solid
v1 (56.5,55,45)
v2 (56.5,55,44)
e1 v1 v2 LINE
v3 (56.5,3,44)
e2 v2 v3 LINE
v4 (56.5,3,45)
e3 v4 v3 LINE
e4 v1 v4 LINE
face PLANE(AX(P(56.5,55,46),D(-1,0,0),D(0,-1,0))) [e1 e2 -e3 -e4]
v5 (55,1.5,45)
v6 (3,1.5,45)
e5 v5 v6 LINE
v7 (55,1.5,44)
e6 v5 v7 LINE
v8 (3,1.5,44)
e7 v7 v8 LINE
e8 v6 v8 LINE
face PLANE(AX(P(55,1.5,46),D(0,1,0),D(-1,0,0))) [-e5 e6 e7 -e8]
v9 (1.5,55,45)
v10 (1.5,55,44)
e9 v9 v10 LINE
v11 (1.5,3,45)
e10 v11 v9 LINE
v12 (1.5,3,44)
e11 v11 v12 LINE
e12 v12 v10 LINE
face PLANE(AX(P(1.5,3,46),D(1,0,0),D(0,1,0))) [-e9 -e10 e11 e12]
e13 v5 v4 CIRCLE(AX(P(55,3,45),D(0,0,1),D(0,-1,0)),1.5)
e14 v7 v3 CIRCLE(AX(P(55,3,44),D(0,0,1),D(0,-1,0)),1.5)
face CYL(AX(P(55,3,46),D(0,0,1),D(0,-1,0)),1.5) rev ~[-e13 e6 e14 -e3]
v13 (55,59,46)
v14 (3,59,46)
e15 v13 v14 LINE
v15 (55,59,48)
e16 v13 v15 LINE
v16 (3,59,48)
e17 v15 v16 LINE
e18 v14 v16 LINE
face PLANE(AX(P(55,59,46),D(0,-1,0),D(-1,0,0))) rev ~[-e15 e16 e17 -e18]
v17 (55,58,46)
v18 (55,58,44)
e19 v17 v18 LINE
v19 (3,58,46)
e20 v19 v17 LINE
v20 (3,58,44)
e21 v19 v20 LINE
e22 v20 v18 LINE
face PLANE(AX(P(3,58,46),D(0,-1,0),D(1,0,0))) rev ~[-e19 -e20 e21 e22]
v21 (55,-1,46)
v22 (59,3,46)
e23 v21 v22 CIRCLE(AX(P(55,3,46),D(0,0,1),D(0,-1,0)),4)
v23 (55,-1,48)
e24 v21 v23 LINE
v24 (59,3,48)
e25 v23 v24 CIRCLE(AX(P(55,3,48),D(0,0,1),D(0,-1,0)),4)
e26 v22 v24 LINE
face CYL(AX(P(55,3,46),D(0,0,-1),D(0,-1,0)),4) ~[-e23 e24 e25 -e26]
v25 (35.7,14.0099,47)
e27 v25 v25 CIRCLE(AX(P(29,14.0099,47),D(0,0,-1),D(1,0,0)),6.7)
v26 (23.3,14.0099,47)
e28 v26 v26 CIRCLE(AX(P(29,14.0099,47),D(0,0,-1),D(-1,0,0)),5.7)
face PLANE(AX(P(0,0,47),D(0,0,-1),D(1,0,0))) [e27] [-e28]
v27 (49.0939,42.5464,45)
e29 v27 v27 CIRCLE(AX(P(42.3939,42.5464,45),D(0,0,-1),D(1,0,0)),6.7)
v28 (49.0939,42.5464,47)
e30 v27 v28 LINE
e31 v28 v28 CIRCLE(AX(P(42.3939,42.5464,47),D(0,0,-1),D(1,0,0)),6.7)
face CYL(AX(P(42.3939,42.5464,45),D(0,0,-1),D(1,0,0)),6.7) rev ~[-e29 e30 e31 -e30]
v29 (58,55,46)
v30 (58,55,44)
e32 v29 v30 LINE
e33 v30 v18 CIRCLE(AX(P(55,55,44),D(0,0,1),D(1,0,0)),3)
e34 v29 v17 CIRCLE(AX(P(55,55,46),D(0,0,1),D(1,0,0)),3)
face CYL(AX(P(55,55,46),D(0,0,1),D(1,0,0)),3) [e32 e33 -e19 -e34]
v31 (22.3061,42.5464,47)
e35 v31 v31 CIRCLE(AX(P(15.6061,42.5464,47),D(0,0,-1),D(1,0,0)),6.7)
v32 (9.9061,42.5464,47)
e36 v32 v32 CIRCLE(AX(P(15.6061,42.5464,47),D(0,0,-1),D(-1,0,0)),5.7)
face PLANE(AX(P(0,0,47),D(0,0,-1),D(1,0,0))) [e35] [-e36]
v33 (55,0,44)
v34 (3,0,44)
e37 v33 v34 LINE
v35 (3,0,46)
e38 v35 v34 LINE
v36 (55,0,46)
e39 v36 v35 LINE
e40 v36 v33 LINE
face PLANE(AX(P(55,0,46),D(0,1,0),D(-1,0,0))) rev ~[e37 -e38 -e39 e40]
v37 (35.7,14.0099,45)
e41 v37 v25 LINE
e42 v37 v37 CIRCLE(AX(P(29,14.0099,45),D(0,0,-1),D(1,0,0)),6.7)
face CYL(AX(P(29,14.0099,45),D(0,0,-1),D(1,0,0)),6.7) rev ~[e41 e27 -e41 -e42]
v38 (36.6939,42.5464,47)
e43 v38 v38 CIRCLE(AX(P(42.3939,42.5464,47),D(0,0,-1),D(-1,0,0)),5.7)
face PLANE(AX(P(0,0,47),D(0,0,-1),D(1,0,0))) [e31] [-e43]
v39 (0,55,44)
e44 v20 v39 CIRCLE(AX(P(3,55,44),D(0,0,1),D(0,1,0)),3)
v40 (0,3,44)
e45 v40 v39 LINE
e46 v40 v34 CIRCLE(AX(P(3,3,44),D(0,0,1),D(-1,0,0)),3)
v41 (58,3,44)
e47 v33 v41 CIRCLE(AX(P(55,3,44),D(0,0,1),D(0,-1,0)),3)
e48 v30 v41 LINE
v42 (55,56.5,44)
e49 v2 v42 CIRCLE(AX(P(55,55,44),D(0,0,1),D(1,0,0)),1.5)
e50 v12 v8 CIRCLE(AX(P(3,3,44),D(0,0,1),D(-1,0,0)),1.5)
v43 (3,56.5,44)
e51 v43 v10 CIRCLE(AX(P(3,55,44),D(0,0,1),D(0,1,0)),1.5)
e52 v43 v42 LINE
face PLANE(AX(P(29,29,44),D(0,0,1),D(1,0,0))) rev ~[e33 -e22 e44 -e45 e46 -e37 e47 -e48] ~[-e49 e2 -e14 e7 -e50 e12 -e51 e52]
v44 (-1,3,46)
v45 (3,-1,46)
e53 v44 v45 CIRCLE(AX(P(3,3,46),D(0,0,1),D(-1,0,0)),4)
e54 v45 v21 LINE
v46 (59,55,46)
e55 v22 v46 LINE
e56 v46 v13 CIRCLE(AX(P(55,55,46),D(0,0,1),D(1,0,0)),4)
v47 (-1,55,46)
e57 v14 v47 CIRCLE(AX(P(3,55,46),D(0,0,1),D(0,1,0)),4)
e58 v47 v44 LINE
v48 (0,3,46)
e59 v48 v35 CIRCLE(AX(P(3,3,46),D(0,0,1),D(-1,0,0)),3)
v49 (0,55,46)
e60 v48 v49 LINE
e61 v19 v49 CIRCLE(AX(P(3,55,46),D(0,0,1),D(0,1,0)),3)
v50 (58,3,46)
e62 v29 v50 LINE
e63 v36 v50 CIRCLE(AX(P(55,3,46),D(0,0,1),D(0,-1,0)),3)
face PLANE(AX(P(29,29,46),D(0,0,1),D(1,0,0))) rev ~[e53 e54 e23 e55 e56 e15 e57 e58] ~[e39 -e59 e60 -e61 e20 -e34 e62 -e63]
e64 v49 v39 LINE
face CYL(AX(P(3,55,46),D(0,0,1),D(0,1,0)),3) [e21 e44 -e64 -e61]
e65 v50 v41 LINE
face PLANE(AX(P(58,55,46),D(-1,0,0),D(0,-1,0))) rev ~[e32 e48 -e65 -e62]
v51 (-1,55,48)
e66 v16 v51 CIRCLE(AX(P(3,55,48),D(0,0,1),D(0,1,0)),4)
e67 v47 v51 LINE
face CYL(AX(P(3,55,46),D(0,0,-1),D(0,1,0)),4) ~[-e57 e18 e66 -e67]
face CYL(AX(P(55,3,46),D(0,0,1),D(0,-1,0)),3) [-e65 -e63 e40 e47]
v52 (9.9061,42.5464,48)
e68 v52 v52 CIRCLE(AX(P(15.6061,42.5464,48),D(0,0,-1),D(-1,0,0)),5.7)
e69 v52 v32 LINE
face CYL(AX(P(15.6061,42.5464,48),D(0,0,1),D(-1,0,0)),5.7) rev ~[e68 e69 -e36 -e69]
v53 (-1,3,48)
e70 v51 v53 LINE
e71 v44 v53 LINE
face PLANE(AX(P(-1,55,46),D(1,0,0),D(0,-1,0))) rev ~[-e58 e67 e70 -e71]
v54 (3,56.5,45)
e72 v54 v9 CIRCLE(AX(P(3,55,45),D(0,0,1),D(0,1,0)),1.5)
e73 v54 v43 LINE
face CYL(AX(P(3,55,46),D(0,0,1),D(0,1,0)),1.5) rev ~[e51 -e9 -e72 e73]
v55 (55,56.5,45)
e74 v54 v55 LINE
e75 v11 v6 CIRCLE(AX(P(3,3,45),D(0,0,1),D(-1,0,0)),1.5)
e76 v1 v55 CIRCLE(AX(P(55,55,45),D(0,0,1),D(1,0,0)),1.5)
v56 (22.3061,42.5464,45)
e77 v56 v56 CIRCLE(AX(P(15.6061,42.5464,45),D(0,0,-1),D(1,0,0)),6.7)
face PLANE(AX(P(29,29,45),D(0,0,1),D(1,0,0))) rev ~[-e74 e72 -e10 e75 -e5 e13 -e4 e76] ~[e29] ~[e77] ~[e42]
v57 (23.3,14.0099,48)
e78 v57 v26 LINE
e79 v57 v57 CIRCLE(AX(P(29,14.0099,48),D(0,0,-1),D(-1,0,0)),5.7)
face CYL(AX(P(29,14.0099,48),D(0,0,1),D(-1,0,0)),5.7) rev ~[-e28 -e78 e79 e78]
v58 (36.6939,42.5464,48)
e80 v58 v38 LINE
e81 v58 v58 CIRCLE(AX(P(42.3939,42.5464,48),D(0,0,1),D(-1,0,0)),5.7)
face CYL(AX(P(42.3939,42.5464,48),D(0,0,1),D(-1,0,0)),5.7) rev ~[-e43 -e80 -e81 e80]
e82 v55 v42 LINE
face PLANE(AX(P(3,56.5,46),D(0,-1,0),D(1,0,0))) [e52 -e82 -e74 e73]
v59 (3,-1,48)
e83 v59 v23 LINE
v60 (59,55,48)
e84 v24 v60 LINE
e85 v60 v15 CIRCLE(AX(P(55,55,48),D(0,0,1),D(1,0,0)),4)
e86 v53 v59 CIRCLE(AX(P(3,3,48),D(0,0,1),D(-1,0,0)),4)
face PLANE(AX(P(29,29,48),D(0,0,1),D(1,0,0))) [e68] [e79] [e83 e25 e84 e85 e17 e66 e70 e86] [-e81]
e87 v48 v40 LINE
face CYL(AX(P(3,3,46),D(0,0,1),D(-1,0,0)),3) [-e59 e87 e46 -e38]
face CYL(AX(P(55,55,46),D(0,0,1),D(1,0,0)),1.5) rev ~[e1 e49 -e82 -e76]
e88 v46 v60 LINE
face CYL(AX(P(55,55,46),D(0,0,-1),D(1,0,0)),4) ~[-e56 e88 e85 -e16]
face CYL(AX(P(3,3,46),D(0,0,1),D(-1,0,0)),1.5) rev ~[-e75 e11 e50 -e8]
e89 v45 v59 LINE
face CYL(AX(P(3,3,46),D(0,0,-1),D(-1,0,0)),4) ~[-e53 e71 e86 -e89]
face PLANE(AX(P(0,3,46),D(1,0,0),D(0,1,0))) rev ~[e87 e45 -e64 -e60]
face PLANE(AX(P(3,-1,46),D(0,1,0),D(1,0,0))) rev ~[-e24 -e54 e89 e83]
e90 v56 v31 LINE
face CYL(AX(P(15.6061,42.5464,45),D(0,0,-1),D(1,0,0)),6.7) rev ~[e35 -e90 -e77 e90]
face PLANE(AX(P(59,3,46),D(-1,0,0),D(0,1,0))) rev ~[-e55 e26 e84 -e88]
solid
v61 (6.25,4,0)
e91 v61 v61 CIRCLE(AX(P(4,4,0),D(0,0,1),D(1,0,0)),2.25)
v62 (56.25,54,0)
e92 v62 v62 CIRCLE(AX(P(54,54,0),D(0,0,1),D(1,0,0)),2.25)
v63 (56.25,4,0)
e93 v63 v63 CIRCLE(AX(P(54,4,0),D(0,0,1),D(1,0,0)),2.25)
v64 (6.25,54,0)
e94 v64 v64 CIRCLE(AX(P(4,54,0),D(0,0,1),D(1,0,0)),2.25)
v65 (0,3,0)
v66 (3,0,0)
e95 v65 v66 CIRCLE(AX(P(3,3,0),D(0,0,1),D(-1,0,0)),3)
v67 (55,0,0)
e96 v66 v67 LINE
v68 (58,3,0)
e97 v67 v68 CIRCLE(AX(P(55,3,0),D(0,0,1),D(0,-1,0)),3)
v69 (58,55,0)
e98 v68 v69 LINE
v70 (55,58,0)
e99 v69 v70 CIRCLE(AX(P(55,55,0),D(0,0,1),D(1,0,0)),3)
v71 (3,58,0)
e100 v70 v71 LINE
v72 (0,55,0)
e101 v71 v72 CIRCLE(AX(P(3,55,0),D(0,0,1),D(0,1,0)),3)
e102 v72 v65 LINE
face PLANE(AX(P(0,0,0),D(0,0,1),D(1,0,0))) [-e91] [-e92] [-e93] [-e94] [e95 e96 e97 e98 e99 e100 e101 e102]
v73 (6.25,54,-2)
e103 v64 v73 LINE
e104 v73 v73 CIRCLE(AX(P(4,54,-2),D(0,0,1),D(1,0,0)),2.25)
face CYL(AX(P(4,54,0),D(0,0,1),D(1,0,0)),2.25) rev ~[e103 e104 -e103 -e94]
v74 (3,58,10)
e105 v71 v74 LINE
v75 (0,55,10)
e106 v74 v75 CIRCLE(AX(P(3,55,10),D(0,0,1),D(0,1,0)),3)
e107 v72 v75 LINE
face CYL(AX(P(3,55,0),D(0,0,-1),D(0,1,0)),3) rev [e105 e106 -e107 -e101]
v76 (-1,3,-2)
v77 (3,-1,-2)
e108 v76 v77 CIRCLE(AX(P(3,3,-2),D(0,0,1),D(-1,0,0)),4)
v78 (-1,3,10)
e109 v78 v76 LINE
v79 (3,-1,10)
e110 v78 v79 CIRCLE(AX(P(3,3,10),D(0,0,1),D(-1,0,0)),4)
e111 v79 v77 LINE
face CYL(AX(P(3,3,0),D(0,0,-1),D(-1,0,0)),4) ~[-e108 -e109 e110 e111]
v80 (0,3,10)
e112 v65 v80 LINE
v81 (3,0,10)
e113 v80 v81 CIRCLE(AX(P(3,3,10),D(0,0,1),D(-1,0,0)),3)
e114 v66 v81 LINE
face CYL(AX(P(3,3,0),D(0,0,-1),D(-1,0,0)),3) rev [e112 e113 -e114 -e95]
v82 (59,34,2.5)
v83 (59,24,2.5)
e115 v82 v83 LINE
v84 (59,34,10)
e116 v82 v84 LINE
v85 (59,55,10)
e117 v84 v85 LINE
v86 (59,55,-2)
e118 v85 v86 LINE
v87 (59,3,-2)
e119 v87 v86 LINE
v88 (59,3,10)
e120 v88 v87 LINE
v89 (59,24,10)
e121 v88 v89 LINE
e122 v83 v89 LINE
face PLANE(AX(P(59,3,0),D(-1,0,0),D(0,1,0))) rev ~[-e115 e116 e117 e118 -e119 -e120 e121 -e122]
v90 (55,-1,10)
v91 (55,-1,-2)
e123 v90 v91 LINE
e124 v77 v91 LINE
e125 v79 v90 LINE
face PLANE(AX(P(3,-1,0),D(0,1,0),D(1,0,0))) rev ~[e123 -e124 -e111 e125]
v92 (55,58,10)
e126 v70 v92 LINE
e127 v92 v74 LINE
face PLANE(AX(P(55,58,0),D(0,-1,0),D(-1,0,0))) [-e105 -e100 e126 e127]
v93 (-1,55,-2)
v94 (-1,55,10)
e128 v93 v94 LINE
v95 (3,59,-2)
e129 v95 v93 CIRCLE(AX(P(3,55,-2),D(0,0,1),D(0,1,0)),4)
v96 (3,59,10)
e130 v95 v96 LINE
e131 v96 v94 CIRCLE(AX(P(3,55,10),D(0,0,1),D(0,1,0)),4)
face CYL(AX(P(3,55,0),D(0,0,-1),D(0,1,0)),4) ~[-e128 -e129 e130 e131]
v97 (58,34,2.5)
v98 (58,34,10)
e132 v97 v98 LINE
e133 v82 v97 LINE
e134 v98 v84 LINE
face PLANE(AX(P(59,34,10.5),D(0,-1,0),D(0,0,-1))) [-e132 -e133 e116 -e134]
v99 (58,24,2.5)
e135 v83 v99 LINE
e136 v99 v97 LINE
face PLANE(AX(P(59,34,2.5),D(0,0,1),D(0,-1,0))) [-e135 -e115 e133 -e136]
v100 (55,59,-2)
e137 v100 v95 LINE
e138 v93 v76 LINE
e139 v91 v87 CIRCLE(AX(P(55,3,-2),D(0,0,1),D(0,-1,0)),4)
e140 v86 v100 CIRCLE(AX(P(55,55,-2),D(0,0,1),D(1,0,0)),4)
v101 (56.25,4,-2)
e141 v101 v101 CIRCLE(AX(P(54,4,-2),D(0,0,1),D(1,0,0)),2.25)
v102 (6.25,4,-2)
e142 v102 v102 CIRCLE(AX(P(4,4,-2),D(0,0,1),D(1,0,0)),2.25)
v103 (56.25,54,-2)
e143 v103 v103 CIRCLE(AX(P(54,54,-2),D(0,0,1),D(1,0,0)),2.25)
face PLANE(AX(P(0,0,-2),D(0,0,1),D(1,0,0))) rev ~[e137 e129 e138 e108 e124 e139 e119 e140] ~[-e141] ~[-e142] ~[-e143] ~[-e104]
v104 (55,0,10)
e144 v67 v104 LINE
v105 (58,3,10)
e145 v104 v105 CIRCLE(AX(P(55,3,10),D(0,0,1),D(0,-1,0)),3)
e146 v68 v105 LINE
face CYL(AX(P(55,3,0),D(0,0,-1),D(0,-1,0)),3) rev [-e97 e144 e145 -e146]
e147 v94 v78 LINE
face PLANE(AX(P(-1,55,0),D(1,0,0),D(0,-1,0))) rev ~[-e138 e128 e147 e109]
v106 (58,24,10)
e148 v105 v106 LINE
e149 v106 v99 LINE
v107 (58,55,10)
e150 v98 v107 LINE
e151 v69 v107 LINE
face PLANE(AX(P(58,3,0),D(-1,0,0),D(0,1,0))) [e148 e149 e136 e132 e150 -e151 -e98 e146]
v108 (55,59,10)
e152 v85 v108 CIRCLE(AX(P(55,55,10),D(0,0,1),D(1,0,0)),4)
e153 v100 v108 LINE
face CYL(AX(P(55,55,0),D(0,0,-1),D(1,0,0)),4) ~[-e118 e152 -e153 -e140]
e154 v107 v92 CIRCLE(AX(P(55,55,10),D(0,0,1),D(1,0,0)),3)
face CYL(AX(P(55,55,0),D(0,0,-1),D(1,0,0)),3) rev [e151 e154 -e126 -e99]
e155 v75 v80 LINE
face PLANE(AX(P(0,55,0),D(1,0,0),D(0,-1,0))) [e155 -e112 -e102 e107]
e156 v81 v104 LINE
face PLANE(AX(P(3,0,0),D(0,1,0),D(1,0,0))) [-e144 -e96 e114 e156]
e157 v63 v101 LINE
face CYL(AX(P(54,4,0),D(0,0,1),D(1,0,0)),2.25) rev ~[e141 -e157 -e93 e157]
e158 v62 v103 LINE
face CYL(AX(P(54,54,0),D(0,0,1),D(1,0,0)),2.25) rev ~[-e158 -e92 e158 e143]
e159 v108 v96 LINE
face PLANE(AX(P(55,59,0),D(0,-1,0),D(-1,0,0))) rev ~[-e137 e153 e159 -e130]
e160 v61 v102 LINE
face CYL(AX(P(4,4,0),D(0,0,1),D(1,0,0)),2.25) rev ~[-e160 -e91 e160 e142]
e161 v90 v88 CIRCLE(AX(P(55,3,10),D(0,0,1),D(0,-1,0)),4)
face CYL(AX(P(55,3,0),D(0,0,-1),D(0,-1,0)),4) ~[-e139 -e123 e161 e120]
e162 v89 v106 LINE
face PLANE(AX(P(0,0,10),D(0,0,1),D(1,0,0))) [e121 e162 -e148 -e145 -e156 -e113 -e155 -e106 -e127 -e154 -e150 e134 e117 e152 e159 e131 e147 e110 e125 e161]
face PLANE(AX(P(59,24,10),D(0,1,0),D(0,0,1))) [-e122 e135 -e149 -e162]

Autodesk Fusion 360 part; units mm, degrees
sketch "Sketch1" plane through (0, 0, 0) normal (0, 0, 1) x (1, 0, 0)
  line L0 (3, 0) -> (55, 0)
  line L1 (58, 3) -> (58, 55)
  line L2 (55, 58) -> (3, 58)
  line L3 (0, 55) -> (0, 3)
  circle A0 centre (4, 54) radius 2.25
  circle A1 centre (54, 54) radius 2.25
  circle A2 centre (54, 4) radius 2.25
  circle A3 centre (4, 4) radius 2.25
  arc A4 (3, 58) -> (0, 55) centre (3, 55) ccw
  arc A5 (58, 55) -> (55, 58) centre (55, 55) ccw
  arc A6 (55, 0) -> (58, 3) centre (55, 3) ccw
  arc A7 (0, 3) -> (3, 0) centre (3, 3) ccw
  line L4 (55, 59) -> (3, 59)
  arc A8 (3, 59) -> (-1, 55) centre (3, 55) ccw
  line L5 (-1, 55) -> (-1, 3)
  arc A9 (-1, 3) -> (3, -1) centre (3, 3) ccw
  line L6 (3, -1) -> (55, -1)
  arc A10 (55, -1) -> (59, 3) centre (55, 3) ccw
  line L7 (59, 3) -> (59, 55)
  arc A11 (59, 55) -> (55, 59) centre (55, 55) ccw
  point P0 (58, 0)
  point P1 (0, 58)
  dimension "d1" = 58
  dimension "d2" = 58
  dimension "d5" = 4.5
  dimension "d12" = 4.5
  dimension "d13" = 4.5
  dimension "d14" = 4.5
  dimension "d15" = 3
  dimension "d16" = 3
  dimension "d17" = 3
  dimension "d18" = 3
  dimension "d19" = 1
extrude "Extrude1" add sketch "Sketch1" along normal blind 10 contours L4 A8 L5 A9 L6 A10 L7 A11 makes body 1
ref_plane "WorkPlane1" through (29, 29, 46) normal (0, 0, 1) x (1, 0, 0)
sketch "Sketch2" plane through (29, 29, 46) normal (0, 0, 1) x (1, 0, 0)
  line L0 (26, -29) -> (-26, -29)
  arc A0 (-29, -26) -> (-26, -29) centre (-26, -26) ccw
  line L1 (-29, -26) -> (-29, 26)
  arc A1 (-30, -26) -> (-26, -30) centre (-26, -26) ccw
  line L2 (-26, -30) -> (26, -30)
  arc A2 (26, -30) -> (30, -26) centre (26, -26) ccw
  arc A3 (26, -29) -> (29, -26) centre (26, -26) ccw
  line L3 (29, 26) -> (29, -26)
  line L4 (30, -26) -> (30, 26)
  arc A4 (30, 26) -> (26, 30) centre (26, 26) ccw
  arc A5 (29, 26) -> (26, 29) centre (26, 26) ccw
  line L5 (-26, 29) -> (26, 29)
  line L6 (26, 30) -> (-26, 30)
  line L7 (-30, 26) -> (-30, -26)
  arc A6 (-26, 29) -> (-29, 26) centre (-26, 26) ccw
  arc A7 (-26, 30) -> (-30, 26) centre (-26, 26) ccw
  arc A8 (-26, 27.5) -> (-27.5, 26) centre (-26, 26) ccw
  line L8 (-27.5, -26) -> (-27.5, 26)
  arc A9 (-27.5, -26) -> (-26, -27.5) centre (-26, -26) ccw
  line L9 (26, -27.5) -> (-26, -27.5)
  arc A10 (26, -27.5) -> (27.5, -26) centre (26, -26) ccw
  line L10 (27.5, 26) -> (27.5, -26)
  arc A11 (27.5, 26) -> (26, 27.5) centre (26, 26) ccw
  line L11 (-26, 27.5) -> (26, 27.5)
  dimension "d25" = 1.5
extrude "Extrude3" add sketch "Sketch2" along normal blind 2 separate body contours L0 A0 L1 A3 L3 A5 L5 A6 | A1 L2 A2 L4 A4 L6 L7 A7 | A8 L8 A9 L9 A10 L10 A11 L11 makes body 2
sketch "Sketch3" plane through (0, 0, 48) normal (0, 0, 1) x (-1, 0, 0)
  arc A0 (-3, -59) -> (1, -55) centre (-3, -55) ccw
  line L0 (1, -55) -> (1, -3)
  arc A1 (1, -3) -> (-3, 1) centre (-3, -3) ccw
  line L1 (-3, 1) -> (-55, 1)
  arc A2 (-55, 1) -> (-59, -3) centre (-55, -3) ccw
  line L2 (-59, -3) -> (-59, -55)
  arc A3 (-59, -55) -> (-55, -59) centre (-55, -55) ccw
  line L3 (-55, -59) -> (-3, -59)
  line L4 (-29, 1) -> (-29, -59)
  line L5 (-15.6061, -59) -> (-15.6061, -42.5464)
  line L6 (-39, -24.0099) -> (-19, -24.0099)
  line L7 (-19, -24.0099) -> (-19, -4.0099)
  line L8 (-19, -4.0099) -> (-39, -4.0099)
  line L9 (-39, -4.0099) -> (-39, -24.0099)
  line L10 (-39, -24.0099) -> (-19, -4.0099) construction
  line L11 (-19, -24.0099) -> (-39, -4.0099) construction
  line L12 (-25.6061, -32.5464) -> (-5.6061, -32.5464)
  line L13 (-5.6061, -32.5464) -> (-5.6061, -52.5464)
  line L14 (-5.6061, -52.5464) -> (-25.6061, -52.5464)
  line L15 (-25.6061, -52.5464) -> (-25.6061, -32.5464)
  line L16 (-25.6061, -32.5464) -> (-5.6061, -52.5464) construction
  line L17 (-5.6061, -32.5464) -> (-25.6061, -52.5464) construction
  line L18 (-32.3939, -52.5464) -> (-32.3939, -32.5464)
  line L19 (-52.3939, -52.5464) -> (-32.3939, -52.5464)
  line L20 (-52.3939, -32.5464) -> (-52.3939, -52.5464)
  line L21 (-32.3939, -32.5464) -> (-52.3939, -32.5464)
  line L22 (-52.3939, -32.5464) -> (-32.3939, -52.5464) construction
  line L23 (-32.3939, -32.5464) -> (-52.3939, -52.5464) construction
  circle A4 centre (-15.6061, -42.5464) radius 5.7
  circle A5 centre (-42.3939, -42.5464) radius 5.7
  circle A6 centre (-29, -14.0099) radius 5.7
  point P0 (-29, -14.0099)
  point P1 (-29, -14.0099)
  point P2 (-15.6061, -42.5464)
  point P3 (-42.3939, -42.5464)
  dimension "d32" = 20
  dimension "d33" = 20
  dimension "d34" = 20
  dimension "d35" = 20
  dimension "d67" = 11.4
  dimension "d68" = 11.4
  dimension "d69" = 11.4
extrude "Extrude9" add sketch "Sketch2" against normal blind 1 contours A8 L8 A9 L9 A10 L10 A11 L11 bodies 2
extrude "Extrude11" cut sketch "Sketch3" against normal blind 32 contours A4 | L4 A6 | L4 A6 | A5 bodies 2
sketch "Sketch5" plane through (59, 0, 0) normal (1, 0, 0) x (0, 1, 0)
  line L0 (3, 0) -> (55, 0)
  line L1 (55, 0) -> (55, 10)
  line L2 (55, 10) -> (3, 10)
  line L3 (3, 10) -> (3, 0)
  line L4 (34, 2.5) -> (24, 2.5)
  line L5 (24, 2.5) -> (24, 10.5)
  line L6 (24, 10.5) -> (34, 10.5)
  line L7 (34, 10.5) -> (34, 2.5)
  line L8 (34, 2.5) -> (24, 10.5) construction
  line L9 (24, 2.5) -> (34, 10.5) construction
  point P0 (29, 6.5)
  dimension "d47" = 10
  dimension "d48" = 8
extrude "Extrude6" cut sketch "Sketch5" against normal blind 6 contours L2 L5 L6 L7 | L2 L4 L5 L7 bodies 1
extrude "Extrude7" add sketch "Sketch2" against normal blind 2 contours L0 A0 L1 A3 L3 A5 L5 A6 bodies 2
extrude "Extrude8" add sketch "Sketch1" against normal blind 2 contours L0 L1 L2 L3 A4 A5 A6 A7 | L4 A8 L5 A9 L6 A10 L7 A11 bodies 1
sketch "Sketch7" plane through (0, 0, 45) normal (0, 0, -1) x (1, 0, 0)
  circle A0 centre (15.6061, -42.5464) radius 5.7
  circle A1 centre (42.3939, -42.5464) radius 5.7
  circle A2 centre (29, -14.0099) radius 5.7
  arc A3 (3, -1.5) -> (1.5, -3) centre (3, -3) ccw
  line L0 (1.5, -3) -> (1.5, -55)
  arc A4 (1.5, -55) -> (3, -56.5) centre (3, -55) ccw
  line L1 (3, -56.5) -> (55, -56.5)
  arc A5 (55, -56.5) -> (56.5, -55) centre (55, -55) ccw
  line L2 (56.5, -55) -> (56.5, -3)
  arc A6 (56.5, -3) -> (55, -1.5) centre (55, -3) ccw
  line L3 (55, -1.5) -> (3, -1.5)
  circle A7 centre (29, -14.0099) radius 6.7
  circle A8 centre (15.6061, -42.5464) radius 6.7
  circle A9 centre (42.3939, -42.5464) radius 6.7
  dimension "d72" = 13.4
  dimension "d73" = 13.4
  dimension "d74" = 13.4
extrude "Extrude12" cut sketch "Sketch7" against normal blind 2 contours A7 | A8 | A9 bodies 2
